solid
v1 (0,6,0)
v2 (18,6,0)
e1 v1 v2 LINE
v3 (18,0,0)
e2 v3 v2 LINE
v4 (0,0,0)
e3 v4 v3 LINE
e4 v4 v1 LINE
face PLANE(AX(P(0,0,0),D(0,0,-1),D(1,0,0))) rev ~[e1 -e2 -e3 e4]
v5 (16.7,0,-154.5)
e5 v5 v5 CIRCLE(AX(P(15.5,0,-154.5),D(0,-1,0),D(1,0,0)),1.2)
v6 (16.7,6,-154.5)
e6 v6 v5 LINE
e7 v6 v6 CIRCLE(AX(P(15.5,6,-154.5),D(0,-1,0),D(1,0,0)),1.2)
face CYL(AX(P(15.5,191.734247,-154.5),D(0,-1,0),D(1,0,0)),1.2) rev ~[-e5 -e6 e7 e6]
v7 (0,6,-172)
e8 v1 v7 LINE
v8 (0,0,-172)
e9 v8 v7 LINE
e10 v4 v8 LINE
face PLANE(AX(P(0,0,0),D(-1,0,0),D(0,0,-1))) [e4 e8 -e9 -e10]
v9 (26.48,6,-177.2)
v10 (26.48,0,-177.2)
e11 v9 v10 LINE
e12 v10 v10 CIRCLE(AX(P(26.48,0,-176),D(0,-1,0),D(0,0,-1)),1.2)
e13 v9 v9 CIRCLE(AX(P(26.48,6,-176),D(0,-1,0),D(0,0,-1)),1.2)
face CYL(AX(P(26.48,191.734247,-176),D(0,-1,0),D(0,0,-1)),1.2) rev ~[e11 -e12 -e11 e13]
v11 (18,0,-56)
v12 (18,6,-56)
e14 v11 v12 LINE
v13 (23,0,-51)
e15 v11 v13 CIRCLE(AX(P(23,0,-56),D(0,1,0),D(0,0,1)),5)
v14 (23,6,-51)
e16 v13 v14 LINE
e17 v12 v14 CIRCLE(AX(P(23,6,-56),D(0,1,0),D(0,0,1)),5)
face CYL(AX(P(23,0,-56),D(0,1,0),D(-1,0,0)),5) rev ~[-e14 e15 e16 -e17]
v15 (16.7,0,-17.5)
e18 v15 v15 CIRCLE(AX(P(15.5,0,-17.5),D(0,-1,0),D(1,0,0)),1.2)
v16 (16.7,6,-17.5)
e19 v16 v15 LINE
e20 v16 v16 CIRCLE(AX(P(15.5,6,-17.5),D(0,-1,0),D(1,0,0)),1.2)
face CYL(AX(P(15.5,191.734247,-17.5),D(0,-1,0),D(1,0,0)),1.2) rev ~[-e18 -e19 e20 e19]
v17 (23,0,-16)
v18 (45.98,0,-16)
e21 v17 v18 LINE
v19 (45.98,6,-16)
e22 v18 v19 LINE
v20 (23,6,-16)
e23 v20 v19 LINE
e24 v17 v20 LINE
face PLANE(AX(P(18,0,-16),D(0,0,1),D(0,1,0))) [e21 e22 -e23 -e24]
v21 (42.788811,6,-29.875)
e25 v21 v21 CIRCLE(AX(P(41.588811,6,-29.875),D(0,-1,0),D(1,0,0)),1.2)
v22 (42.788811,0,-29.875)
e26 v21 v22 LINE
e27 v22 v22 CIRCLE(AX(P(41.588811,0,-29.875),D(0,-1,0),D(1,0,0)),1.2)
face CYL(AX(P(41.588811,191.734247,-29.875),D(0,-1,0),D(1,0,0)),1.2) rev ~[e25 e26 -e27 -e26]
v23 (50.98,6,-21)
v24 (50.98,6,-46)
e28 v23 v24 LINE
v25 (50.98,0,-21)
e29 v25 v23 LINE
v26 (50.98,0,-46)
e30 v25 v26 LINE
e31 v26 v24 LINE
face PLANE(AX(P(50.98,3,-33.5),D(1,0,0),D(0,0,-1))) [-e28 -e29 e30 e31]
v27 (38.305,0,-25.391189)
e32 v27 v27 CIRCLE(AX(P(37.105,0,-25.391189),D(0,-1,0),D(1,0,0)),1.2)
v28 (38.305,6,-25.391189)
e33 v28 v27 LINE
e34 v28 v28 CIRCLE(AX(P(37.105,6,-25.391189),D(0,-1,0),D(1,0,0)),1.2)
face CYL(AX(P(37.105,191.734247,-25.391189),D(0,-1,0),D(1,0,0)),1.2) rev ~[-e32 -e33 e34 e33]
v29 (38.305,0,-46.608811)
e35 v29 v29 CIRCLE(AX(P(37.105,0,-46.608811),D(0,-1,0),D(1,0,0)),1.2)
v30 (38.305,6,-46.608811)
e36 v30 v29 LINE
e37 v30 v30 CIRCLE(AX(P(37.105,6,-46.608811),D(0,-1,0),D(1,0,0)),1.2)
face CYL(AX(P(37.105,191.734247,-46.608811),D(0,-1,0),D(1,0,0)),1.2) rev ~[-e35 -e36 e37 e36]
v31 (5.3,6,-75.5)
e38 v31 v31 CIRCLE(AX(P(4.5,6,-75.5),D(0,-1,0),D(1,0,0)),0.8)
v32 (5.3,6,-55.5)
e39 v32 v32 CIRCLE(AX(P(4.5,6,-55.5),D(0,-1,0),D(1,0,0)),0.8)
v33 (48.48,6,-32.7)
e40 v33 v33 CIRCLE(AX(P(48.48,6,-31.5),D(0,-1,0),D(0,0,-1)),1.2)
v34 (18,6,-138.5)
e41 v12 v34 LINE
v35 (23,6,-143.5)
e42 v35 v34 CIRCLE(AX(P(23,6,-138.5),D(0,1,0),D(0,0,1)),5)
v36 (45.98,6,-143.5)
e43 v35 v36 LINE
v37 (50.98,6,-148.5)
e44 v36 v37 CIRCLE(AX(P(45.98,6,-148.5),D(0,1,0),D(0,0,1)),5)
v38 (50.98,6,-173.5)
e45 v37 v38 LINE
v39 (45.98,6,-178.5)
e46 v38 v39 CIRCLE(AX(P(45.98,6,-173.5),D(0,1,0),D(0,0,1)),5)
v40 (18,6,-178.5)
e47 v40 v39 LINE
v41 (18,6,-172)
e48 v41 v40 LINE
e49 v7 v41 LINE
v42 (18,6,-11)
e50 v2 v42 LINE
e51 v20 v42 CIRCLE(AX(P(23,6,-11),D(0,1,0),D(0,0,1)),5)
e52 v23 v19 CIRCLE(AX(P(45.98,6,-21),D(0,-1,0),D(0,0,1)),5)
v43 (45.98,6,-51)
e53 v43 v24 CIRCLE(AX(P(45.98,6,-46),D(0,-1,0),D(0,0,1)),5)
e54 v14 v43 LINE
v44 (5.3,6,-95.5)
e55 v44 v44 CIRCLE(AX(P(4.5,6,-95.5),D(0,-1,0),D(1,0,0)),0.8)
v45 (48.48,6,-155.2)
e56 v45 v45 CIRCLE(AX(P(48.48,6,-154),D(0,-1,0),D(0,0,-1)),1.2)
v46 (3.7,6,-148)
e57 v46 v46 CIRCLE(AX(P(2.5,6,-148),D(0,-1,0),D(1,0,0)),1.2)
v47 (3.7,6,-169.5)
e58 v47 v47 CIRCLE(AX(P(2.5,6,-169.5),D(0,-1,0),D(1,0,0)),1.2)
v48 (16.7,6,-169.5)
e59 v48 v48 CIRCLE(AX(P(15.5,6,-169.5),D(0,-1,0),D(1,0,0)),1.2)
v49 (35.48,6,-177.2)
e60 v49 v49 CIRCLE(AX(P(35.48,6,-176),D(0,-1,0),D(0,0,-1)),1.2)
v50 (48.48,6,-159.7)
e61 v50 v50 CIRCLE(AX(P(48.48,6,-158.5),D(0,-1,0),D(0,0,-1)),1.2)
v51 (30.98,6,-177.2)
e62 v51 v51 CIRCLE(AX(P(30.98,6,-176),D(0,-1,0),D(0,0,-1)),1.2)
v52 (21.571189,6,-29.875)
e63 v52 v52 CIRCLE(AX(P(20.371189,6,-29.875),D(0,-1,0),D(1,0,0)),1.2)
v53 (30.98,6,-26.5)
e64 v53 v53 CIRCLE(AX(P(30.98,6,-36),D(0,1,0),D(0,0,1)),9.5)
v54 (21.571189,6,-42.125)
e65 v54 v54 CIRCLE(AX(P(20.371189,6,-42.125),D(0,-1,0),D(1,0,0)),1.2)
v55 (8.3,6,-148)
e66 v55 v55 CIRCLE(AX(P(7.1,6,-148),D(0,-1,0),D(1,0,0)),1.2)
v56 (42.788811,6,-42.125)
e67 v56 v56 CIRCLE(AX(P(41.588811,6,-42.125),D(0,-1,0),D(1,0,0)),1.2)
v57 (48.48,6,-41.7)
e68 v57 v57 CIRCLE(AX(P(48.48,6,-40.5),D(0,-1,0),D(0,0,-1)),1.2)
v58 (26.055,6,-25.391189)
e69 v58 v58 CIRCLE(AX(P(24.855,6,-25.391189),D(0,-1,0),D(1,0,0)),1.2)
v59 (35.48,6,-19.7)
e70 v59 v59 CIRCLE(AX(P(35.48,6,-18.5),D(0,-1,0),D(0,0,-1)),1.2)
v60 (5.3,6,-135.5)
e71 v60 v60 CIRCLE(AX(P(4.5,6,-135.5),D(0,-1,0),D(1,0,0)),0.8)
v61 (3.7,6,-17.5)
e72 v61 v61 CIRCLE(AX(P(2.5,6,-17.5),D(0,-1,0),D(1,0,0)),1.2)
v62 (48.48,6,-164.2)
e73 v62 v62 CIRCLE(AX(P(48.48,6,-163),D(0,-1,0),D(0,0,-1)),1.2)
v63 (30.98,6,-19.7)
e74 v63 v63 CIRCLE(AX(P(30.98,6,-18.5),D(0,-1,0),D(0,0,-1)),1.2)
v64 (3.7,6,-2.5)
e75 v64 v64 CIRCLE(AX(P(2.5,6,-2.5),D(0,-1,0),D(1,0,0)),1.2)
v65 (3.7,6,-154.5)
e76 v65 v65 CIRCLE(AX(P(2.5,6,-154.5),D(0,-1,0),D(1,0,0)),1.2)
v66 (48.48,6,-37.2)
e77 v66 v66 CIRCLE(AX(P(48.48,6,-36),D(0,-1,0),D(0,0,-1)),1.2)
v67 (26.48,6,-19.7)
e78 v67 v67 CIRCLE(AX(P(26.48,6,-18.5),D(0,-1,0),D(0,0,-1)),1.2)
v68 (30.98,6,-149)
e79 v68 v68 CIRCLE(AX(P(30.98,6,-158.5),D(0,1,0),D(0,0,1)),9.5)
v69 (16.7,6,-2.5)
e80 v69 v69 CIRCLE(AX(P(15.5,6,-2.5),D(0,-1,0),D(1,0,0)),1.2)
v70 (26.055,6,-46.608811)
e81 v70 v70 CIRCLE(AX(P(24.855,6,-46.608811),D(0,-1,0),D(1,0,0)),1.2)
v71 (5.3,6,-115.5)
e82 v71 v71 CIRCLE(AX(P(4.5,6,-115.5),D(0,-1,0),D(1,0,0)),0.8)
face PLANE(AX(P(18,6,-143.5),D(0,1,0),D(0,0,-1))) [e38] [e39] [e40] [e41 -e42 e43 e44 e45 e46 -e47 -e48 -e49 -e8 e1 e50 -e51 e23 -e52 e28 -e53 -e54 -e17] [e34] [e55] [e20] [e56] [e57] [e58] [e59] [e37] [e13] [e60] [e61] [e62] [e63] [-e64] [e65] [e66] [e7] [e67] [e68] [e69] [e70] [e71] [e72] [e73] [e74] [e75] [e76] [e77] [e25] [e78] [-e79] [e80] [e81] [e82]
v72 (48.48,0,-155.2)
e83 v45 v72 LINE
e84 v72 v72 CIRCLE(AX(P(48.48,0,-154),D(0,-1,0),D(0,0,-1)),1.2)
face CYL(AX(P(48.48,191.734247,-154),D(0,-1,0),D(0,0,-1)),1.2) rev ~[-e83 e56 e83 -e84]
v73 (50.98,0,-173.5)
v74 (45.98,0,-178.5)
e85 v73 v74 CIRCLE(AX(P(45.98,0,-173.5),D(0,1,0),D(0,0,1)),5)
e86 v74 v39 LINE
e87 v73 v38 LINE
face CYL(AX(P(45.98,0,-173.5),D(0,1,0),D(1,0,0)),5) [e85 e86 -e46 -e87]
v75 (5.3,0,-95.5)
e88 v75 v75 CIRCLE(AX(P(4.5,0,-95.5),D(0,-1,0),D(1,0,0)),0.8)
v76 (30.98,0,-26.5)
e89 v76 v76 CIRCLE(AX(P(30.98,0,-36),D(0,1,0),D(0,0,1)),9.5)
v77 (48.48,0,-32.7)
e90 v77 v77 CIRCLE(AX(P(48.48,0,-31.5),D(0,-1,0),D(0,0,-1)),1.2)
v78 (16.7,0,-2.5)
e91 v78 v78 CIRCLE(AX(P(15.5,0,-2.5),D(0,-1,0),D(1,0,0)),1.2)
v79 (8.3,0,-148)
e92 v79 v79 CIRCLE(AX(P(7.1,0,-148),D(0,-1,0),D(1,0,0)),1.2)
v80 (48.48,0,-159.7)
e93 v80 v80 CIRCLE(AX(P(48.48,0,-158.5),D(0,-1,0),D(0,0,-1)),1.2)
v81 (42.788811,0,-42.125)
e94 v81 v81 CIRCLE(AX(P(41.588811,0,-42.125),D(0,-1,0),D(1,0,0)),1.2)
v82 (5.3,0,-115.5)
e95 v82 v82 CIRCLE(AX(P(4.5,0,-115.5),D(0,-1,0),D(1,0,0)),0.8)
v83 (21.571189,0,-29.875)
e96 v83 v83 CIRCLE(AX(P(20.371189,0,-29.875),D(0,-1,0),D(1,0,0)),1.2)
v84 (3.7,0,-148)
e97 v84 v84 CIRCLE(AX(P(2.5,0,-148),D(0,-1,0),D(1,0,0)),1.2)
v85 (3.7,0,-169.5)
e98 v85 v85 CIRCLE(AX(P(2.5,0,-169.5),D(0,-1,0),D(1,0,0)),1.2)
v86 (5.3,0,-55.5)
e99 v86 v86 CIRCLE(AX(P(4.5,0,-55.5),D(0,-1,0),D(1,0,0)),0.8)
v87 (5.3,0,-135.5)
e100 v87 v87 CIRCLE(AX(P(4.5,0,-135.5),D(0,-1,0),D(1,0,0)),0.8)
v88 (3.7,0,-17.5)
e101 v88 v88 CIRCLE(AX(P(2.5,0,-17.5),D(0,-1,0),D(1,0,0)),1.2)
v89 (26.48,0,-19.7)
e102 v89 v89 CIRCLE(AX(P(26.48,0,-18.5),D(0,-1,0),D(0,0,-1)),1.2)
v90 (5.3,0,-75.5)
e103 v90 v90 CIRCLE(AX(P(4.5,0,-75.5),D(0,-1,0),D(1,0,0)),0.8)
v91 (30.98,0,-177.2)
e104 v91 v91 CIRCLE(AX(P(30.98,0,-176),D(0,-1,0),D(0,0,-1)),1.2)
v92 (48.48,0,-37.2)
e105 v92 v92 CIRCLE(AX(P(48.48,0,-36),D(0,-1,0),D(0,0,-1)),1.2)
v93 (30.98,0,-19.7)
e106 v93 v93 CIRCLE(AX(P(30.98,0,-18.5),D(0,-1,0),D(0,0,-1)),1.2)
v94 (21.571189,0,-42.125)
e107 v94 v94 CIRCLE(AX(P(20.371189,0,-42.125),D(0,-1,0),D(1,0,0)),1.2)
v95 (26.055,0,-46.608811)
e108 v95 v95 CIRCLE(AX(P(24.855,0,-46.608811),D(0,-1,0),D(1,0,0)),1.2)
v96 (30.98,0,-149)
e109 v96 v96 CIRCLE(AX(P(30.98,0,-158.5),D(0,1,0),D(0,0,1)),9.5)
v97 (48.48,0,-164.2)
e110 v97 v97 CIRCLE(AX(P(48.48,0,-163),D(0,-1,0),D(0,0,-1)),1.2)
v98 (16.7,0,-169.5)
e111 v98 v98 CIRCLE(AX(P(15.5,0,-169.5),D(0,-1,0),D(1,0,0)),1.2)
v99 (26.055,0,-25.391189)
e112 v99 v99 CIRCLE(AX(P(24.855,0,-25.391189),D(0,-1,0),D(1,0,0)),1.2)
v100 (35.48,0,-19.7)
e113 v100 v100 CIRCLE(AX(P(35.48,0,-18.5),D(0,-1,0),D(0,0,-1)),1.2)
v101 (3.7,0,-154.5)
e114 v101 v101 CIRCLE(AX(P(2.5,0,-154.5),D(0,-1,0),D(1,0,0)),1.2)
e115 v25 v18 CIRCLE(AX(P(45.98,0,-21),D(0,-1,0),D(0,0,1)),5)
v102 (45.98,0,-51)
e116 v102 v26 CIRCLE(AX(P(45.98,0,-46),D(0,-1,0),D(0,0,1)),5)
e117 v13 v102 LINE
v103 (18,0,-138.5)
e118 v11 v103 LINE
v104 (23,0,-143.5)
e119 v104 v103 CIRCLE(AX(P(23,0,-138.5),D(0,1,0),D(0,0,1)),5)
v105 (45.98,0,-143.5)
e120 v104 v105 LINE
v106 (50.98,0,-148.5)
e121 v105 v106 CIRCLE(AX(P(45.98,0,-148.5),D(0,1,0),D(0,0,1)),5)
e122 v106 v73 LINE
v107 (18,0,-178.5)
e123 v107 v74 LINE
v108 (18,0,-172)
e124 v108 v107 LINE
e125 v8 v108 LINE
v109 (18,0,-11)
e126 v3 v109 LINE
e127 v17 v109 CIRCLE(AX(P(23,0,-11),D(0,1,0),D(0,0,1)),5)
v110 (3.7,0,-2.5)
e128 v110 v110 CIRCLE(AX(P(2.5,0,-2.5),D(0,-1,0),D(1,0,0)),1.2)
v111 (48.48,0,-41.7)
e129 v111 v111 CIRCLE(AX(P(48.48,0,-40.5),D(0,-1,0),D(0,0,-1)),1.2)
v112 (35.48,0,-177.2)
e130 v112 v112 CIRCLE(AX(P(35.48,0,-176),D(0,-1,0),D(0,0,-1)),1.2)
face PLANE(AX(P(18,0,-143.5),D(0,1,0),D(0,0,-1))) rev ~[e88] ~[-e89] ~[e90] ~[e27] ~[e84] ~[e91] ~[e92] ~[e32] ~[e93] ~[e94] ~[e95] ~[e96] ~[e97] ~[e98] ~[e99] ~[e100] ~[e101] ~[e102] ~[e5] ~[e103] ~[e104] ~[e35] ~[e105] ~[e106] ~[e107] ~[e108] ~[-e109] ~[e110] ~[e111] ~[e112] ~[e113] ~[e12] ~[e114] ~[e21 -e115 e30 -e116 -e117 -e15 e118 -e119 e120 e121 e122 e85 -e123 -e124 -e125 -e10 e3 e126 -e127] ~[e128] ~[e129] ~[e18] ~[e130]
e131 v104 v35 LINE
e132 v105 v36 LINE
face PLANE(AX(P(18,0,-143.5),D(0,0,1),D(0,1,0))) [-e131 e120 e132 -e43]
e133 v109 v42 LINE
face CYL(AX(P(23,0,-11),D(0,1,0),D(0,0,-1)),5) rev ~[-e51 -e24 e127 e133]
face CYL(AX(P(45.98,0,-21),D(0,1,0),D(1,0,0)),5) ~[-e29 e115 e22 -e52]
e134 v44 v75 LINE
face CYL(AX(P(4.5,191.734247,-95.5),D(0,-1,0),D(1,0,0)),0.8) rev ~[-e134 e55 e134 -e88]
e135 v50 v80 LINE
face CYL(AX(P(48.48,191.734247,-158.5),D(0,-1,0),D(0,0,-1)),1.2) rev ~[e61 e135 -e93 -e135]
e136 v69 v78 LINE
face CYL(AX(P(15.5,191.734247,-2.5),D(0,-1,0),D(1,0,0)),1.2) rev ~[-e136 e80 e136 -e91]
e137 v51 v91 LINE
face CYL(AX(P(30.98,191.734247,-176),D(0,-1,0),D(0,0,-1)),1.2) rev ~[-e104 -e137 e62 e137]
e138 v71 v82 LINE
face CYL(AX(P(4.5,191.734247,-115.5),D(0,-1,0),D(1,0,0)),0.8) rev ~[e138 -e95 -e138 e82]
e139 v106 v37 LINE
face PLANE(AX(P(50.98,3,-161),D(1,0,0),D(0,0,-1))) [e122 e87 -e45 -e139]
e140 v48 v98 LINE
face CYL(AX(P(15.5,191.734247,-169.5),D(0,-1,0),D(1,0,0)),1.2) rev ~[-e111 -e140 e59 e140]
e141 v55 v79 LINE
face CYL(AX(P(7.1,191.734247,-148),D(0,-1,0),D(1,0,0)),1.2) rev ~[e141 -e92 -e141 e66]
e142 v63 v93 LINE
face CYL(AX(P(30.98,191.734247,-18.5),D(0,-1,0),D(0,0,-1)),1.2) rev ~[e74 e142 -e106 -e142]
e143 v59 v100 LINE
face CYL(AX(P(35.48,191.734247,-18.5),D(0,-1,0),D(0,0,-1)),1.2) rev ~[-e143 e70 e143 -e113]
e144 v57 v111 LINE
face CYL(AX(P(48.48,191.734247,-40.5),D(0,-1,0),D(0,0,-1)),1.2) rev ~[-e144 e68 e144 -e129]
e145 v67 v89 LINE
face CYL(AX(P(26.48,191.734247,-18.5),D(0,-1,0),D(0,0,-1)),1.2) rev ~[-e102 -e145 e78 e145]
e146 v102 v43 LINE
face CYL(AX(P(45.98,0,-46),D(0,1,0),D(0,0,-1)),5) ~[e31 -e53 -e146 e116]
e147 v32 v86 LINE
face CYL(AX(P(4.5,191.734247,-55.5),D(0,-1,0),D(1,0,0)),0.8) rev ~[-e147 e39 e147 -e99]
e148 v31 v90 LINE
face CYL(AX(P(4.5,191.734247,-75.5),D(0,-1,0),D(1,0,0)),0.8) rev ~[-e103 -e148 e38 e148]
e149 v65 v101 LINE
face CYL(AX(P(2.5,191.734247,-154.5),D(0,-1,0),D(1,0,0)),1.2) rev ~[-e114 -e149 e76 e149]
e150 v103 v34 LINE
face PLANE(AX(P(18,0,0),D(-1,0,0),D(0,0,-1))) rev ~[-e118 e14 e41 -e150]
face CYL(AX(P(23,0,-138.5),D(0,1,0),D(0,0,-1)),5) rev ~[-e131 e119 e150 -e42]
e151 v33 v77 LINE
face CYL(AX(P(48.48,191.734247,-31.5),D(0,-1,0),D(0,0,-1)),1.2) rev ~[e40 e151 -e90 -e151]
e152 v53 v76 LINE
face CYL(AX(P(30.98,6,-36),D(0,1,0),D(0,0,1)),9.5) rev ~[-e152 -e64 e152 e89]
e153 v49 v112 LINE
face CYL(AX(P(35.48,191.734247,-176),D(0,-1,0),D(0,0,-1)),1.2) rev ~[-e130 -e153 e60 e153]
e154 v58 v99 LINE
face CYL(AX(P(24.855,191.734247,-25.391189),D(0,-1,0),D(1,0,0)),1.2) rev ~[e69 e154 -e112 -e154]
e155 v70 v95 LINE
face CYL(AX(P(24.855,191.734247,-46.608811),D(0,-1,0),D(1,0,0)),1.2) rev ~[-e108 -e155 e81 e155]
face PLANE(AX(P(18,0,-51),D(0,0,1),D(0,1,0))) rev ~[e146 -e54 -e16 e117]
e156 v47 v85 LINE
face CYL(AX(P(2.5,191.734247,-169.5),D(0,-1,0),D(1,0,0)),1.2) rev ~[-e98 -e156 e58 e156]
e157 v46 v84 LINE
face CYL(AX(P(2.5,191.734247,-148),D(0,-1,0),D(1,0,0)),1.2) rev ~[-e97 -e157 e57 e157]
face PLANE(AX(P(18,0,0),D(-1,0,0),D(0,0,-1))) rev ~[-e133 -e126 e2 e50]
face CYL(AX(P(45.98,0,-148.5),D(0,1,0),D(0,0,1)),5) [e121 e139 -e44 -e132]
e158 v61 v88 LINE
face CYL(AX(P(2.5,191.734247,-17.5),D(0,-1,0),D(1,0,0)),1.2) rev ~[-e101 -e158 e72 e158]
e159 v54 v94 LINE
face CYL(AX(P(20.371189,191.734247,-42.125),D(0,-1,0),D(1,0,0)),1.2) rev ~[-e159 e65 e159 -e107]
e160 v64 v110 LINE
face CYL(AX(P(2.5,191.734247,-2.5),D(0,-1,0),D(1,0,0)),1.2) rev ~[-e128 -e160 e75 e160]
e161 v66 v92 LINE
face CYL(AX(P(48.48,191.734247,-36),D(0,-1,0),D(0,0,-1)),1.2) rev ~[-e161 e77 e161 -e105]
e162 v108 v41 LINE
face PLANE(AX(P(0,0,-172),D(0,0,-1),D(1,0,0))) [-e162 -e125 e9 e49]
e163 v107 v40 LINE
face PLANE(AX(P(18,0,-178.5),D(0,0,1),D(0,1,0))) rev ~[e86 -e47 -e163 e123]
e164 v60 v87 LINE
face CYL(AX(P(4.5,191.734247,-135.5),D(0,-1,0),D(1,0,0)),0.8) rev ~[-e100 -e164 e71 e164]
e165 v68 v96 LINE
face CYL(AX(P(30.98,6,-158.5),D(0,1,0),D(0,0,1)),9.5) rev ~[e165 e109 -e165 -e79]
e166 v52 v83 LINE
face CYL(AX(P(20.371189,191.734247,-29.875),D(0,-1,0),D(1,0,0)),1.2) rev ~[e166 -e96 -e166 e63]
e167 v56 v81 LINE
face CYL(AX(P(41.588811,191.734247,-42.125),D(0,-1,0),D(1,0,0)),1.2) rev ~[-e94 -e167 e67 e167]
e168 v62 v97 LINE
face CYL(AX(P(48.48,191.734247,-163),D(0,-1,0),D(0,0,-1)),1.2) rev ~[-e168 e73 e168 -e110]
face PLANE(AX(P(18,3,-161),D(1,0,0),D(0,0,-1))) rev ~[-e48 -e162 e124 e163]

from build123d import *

# Parameters (mm, degrees)
SKETCH1_W            = 18
SKETCH1_H            = 172
BOSS_EXTRUDE1_DEPTH  = 6
SKETCH3_W            = 35
SKETCH3_H            = 6
BOSS_EXTRUDE2_DEPTH  = 32.98
SKETCH2_R            = 9.5
CUT_EXTRUDE1_DEPTH   = 7
FILLET1_R            = 5
M2_TAPPED_HOLE1_D    = 1.6
M2_CLEARANCE_HOLE1_D = 2.4
M2_CLEARANCE_HOLE2_D = 2.4
M2_CLEARANCE_HOLE3_D = 2.4
M2_CLEARANCE_HOLE4_D = 2.4


with BuildPart() as part:
    # Sketch1 → Boss-Extrude1 (new body)
    with BuildSketch(Plane(origin=(0, 0, 0), x_dir=(1, 0, 0), z_dir=(0, 1, 0))):
        with Locations((9, 86)):
            Rectangle(SKETCH1_W, SKETCH1_H)
    extrude(amount=BOSS_EXTRUDE1_DEPTH)

    # Sketch3 → Boss-Extrude2 (add)
    with BuildSketch(Plane(origin=(18, 0, 0), x_dir=(0, 0, -1), z_dir=(1, 0, 0))):
        with Locations((33.5, 3)):
            Rectangle(SKETCH3_W, SKETCH3_H)
        with Locations((161, 3)):
            Rectangle(SKETCH3_W, SKETCH3_H)
    extrude(amount=BOSS_EXTRUDE2_DEPTH)

    # Sketch2 → Cut-Extrude1 (cut, through all)
    with BuildSketch(Plane(origin=(0, 6, 0), x_dir=(1, 0, 0), z_dir=(0, 1, 0))):
        with Locations(Location((30.98, 36, 0), (0, 0, 270))):  # turned: the seam where the file's is
            Circle(SKETCH2_R)
        with Locations(Location((30.98, 158.5, 0), (0, 0, 270))):  # turned: the seam where the file's is
            Circle(SKETCH2_R)
    extrude(amount=-CUT_EXTRUDE1_DEPTH, mode=Mode.SUBTRACT)

    # Fillet1
    fillet1_edges = [part.edges().sort_by_distance(p)[0] for p in [
        (18, 3, -51),
        (50.98, 3, -51),
        (50.98, 3, -178.5),
        (50.98, 3, -143.5),
        (18, 3, -143.5),
        (50.98, 3, -16),
        (18, 3, -16),
    ]]
    fillet(fillet1_edges, radius=FILLET1_R)

    # M2 Tapped Hole1 (through all)
    with Locations(Plane(origin=(0, 6, 0), x_dir=(-1, 0, 0), z_dir=(0, 1, 0))):
        with Locations((-4.5, -55.5), (-4.5, -75.5), (-4.5, -95.5), (-4.5, -115.5), (-4.5, -135.5)):
            Hole(M2_TAPPED_HOLE1_D / 2)

    # M2 Clearance Hole1 (through all)
    with Locations(Plane(origin=(48.48, 6, -40.5), x_dir=(0, 0, 1), z_dir=(0, 1, 0))):
        with Locations((0, 0), (22, -22), (22, -17.5), (22, -13), (4.5, 0), (9, 0), (-135.5, -22), (-135.5, -17.5), (-135.5, -13), (-113.5, 0), (-118, 0), (-122.5, 0)):
            Hole(M2_CLEARANCE_HOLE1_D / 2)

    # M2 Clearance Hole2 (through all)
    with Locations(Plane(origin=(0, 6, 0), x_dir=(-1, 0, 0), z_dir=(0, 1, 0))):
        with Locations((-2.5, -2.5), (-15.5, -2.5), (-15.5, -17.5), (-2.5, -17.5), (-15.5, -154.5), (-15.5, -169.5), (-2.5, -154.5), (-2.5, -169.5)):
            Hole(M2_CLEARANCE_HOLE2_D / 2)

    # M2 Clearance Hole3 (through all)
    with Locations(Plane(origin=(0, 6, 0), x_dir=(-1, 0, 0), z_dir=(0, 1, 0))):
        with Locations((-2.5, -148), (-7.1, -148)):
            Hole(M2_CLEARANCE_HOLE3_D / 2)

    # M2 Clearance Hole4 (through all)
    with Locations(Plane(origin=(0, 6, 0), x_dir=(-1, 0, 0), z_dir=(0, 1, 0))):
        with Locations((-20.371188804, -29.875), (-24.855, -25.391188804), (-20.371188804, -42.125), (-24.855, -46.608811196), (-37.105, -46.608811196), (-41.588811196, -42.125), (-41.588811196, -29.875), (-37.105, -25.391188804)):
            Hole(M2_CLEARANCE_HOLE4_D / 2)


solid = part.part
